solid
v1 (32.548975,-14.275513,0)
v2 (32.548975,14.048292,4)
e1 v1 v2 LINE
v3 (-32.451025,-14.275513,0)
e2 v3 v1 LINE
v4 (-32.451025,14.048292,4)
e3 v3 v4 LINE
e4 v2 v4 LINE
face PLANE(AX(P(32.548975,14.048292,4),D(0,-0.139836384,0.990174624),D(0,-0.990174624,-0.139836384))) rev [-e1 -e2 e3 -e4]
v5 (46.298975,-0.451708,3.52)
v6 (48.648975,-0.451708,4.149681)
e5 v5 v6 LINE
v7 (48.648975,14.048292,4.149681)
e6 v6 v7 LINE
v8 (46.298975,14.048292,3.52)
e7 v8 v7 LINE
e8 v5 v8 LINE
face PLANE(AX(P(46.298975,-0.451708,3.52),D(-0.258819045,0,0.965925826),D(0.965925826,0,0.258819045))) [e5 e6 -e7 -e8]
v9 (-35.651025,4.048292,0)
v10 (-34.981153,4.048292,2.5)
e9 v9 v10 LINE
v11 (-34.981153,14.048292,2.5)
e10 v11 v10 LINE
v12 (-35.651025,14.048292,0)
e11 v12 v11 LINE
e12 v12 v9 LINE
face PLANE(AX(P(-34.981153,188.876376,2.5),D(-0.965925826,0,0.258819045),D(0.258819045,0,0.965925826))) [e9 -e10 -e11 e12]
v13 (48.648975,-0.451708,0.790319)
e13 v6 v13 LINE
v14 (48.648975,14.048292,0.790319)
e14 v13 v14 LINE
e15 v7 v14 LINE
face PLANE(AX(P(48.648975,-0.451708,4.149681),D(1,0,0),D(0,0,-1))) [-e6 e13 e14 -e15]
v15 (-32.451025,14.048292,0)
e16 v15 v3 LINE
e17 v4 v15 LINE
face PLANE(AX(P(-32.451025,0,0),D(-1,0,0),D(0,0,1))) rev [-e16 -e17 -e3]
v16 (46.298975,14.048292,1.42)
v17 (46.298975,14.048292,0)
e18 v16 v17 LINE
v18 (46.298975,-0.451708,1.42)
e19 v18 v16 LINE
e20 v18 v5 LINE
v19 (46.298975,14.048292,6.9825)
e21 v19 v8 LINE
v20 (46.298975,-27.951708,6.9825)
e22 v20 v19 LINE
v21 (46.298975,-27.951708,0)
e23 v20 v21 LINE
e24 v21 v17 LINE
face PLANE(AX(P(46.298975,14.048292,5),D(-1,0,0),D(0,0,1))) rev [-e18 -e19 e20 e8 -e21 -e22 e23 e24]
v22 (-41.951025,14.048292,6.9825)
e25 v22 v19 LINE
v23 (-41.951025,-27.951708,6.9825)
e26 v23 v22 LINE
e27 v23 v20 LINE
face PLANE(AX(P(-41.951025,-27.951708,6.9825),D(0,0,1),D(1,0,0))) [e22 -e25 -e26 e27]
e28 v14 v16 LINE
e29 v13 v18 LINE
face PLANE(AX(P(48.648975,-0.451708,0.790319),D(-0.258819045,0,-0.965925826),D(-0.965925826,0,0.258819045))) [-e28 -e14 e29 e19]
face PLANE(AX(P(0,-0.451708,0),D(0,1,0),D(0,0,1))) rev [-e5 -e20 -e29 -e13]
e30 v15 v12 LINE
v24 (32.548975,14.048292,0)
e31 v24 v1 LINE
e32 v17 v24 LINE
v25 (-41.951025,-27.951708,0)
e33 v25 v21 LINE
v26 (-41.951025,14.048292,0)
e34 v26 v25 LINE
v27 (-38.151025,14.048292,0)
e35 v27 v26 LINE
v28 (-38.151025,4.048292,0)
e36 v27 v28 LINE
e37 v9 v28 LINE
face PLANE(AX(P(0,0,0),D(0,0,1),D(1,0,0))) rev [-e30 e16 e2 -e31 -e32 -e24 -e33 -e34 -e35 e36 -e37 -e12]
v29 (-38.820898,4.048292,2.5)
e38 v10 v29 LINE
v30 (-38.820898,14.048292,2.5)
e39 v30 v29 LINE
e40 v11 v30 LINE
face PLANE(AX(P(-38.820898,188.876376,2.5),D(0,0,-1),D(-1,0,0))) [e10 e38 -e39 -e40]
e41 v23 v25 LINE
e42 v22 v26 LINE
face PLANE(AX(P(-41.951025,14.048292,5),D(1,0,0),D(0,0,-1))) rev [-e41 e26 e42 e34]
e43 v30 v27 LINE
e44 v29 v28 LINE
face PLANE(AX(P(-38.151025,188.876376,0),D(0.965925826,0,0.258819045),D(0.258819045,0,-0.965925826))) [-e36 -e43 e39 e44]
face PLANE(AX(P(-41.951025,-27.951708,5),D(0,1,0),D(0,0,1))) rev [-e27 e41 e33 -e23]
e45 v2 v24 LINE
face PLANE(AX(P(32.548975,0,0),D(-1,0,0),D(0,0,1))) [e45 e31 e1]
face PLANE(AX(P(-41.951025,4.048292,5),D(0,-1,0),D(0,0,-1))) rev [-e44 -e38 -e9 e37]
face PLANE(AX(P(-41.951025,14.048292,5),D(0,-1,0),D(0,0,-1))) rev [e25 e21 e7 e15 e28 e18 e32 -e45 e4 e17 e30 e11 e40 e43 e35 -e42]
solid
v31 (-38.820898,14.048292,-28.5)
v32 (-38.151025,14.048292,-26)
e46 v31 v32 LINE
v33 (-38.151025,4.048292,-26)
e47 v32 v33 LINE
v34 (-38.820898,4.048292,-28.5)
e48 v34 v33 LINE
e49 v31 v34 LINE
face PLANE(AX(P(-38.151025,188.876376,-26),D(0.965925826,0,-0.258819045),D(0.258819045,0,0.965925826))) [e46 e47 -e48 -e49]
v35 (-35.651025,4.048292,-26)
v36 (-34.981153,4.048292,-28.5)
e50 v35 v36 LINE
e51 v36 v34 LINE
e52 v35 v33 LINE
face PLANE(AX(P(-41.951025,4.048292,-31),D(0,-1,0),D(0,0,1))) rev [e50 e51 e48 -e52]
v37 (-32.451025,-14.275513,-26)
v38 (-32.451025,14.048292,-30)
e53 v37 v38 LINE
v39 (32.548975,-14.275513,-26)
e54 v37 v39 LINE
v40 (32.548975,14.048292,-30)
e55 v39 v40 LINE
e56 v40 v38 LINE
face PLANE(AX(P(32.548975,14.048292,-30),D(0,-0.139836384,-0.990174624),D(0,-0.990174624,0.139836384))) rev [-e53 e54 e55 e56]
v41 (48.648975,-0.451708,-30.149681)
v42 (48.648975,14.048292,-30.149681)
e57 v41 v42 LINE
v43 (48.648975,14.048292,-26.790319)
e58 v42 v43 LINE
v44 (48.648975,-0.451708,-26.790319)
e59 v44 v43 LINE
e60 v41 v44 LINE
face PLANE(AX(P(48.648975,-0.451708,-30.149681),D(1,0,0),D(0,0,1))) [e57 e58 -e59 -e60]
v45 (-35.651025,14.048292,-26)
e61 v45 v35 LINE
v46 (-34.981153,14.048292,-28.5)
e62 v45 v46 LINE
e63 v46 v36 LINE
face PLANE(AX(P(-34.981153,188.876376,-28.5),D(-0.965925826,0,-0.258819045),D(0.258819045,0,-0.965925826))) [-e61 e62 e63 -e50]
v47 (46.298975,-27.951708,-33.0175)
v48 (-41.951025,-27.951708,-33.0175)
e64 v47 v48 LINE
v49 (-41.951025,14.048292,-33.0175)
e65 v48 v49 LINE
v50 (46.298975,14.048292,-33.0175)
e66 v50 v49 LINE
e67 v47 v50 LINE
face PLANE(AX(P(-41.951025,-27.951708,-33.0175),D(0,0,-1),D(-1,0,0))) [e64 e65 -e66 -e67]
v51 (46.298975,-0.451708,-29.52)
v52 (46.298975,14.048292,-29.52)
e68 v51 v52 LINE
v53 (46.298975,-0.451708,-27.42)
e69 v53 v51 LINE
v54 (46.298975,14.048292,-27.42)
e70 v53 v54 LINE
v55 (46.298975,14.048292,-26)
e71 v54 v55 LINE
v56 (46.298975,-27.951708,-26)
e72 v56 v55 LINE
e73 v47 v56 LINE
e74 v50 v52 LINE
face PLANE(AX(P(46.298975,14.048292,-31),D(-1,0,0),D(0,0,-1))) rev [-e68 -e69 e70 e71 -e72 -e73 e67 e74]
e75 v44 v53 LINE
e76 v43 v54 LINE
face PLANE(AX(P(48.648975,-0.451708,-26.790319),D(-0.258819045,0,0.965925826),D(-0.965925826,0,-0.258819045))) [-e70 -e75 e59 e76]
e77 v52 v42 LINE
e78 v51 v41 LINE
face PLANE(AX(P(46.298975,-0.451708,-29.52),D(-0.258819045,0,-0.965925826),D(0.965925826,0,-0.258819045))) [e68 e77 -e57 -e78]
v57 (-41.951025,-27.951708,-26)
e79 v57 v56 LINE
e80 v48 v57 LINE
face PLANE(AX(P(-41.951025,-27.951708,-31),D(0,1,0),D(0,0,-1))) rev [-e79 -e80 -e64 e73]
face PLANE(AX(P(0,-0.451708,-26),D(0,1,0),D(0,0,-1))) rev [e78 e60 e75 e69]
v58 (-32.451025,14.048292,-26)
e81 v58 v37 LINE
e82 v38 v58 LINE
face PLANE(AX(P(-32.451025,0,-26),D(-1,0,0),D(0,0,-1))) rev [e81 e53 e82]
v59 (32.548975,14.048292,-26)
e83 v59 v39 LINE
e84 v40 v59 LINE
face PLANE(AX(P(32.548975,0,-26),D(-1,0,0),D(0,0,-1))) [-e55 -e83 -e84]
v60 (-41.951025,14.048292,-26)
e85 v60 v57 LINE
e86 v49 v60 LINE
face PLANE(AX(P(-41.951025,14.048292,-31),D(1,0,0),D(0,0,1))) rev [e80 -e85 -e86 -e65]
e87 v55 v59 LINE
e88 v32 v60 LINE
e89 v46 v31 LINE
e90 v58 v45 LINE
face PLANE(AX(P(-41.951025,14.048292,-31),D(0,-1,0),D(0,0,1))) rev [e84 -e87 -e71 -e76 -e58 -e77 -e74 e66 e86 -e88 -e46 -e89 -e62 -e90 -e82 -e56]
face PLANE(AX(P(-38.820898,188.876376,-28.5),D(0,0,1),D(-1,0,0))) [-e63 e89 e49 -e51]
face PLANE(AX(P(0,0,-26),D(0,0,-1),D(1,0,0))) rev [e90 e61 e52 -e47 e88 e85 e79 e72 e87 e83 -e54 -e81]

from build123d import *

# Parameters (mm, degrees)
SKETCH1_W               = 88.25
SKETCH1_H               = 42
BOSS_EXTRUDE1_DEPTH     = 5
CUT_EXTRUDE1_DEPTH      = 1
CUT_EXTRUDE1_DEPTH_BACK = 10
BOSS_EXTRUDE2_DEPTH     = 14.5
CUT_EXTRUDE2_DEPTH      = 65
SKETCH7_W               = 88.25
SKETCH7_H               = 1.9825
SKETCH7_H_2             = 2.0175
BOSS_EXTRUDE3_DEPTH     = 42


with BuildPart() as part:
    # Sketch1 → Boss-Extrude1 (new body)
    with BuildSketch(Plane.XY):
        with Locations((2.173974505, -6.951707737)):
            Rectangle(SKETCH1_W, SKETCH1_H)
    extrude(amount=BOSS_EXTRUDE1_DEPTH)

    # Sketch2 → Cut-Extrude1 (cut, two sides)
    with BuildSketch(Plane(origin=(0, 14.048292263, 0), x_dir=(1, 0, 0), z_dir=(0, 1, 0))) as cut_extrude1_sk:
        Polygon((-35.651025495, 0), (-38.151025495, 0), (-38.820898476, -2.5), (-34.981152514, -2.5), align=None)
    extrude(amount=CUT_EXTRUDE1_DEPTH, mode=Mode.SUBTRACT)
    extrude(cut_extrude1_sk.sketch, amount=-CUT_EXTRUDE1_DEPTH_BACK, mode=Mode.SUBTRACT)

    # Sketch3 → Boss-Extrude2 (add)
    with BuildSketch(Plane(origin=(0, 14.048292263, 0), x_dir=(1, 0, 0), z_dir=(0, 1, 0))):
        Polygon((46.298974505, -3.52), (48.648974505, -4.149680602), (48.648974505, -0.790319398), (46.298974505, -1.42), align=None)
    extrude(amount=-BOSS_EXTRUDE2_DEPTH)

    # Sketch6 → Cut-Extrude2 (cut)
    with BuildSketch(Plane.ZY.offset(32.451025495)):
        Polygon((-0.05, -14.629560467), (0, 14.048292263), (4, 14.048292263), align=None)
    extrude(amount=-CUT_EXTRUDE2_DEPTH, mode=Mode.SUBTRACT)


with BuildPart() as body_2:
    # Mirror3: mirrored copy
    add(part.part.mirror(Plane(origin=(0, 0, -13), x_dir=(1, 0, 0), z_dir=(0, 0, -1))))


with BuildPart() as part_1:
    add(part.part)

    add(body_2.part)  # Boss-Extrude3 merges body 2
    # Sketch7 → Boss-Extrude3 (add)
    with BuildSketch(Plane(origin=(0, 14.048292263, 0), x_dir=(1, 0, 0), z_dir=(0, 1, 0))):
        with Locations((2.173974505, -5.99125)):
            Rectangle(SKETCH7_W, SKETCH7_H)
        with Locations((2.173974505, 32.00875)):
            Rectangle(SKETCH7_W, SKETCH7_H_2)
    extrude(amount=-BOSS_EXTRUDE3_DEPTH)


solid = part_1.part
